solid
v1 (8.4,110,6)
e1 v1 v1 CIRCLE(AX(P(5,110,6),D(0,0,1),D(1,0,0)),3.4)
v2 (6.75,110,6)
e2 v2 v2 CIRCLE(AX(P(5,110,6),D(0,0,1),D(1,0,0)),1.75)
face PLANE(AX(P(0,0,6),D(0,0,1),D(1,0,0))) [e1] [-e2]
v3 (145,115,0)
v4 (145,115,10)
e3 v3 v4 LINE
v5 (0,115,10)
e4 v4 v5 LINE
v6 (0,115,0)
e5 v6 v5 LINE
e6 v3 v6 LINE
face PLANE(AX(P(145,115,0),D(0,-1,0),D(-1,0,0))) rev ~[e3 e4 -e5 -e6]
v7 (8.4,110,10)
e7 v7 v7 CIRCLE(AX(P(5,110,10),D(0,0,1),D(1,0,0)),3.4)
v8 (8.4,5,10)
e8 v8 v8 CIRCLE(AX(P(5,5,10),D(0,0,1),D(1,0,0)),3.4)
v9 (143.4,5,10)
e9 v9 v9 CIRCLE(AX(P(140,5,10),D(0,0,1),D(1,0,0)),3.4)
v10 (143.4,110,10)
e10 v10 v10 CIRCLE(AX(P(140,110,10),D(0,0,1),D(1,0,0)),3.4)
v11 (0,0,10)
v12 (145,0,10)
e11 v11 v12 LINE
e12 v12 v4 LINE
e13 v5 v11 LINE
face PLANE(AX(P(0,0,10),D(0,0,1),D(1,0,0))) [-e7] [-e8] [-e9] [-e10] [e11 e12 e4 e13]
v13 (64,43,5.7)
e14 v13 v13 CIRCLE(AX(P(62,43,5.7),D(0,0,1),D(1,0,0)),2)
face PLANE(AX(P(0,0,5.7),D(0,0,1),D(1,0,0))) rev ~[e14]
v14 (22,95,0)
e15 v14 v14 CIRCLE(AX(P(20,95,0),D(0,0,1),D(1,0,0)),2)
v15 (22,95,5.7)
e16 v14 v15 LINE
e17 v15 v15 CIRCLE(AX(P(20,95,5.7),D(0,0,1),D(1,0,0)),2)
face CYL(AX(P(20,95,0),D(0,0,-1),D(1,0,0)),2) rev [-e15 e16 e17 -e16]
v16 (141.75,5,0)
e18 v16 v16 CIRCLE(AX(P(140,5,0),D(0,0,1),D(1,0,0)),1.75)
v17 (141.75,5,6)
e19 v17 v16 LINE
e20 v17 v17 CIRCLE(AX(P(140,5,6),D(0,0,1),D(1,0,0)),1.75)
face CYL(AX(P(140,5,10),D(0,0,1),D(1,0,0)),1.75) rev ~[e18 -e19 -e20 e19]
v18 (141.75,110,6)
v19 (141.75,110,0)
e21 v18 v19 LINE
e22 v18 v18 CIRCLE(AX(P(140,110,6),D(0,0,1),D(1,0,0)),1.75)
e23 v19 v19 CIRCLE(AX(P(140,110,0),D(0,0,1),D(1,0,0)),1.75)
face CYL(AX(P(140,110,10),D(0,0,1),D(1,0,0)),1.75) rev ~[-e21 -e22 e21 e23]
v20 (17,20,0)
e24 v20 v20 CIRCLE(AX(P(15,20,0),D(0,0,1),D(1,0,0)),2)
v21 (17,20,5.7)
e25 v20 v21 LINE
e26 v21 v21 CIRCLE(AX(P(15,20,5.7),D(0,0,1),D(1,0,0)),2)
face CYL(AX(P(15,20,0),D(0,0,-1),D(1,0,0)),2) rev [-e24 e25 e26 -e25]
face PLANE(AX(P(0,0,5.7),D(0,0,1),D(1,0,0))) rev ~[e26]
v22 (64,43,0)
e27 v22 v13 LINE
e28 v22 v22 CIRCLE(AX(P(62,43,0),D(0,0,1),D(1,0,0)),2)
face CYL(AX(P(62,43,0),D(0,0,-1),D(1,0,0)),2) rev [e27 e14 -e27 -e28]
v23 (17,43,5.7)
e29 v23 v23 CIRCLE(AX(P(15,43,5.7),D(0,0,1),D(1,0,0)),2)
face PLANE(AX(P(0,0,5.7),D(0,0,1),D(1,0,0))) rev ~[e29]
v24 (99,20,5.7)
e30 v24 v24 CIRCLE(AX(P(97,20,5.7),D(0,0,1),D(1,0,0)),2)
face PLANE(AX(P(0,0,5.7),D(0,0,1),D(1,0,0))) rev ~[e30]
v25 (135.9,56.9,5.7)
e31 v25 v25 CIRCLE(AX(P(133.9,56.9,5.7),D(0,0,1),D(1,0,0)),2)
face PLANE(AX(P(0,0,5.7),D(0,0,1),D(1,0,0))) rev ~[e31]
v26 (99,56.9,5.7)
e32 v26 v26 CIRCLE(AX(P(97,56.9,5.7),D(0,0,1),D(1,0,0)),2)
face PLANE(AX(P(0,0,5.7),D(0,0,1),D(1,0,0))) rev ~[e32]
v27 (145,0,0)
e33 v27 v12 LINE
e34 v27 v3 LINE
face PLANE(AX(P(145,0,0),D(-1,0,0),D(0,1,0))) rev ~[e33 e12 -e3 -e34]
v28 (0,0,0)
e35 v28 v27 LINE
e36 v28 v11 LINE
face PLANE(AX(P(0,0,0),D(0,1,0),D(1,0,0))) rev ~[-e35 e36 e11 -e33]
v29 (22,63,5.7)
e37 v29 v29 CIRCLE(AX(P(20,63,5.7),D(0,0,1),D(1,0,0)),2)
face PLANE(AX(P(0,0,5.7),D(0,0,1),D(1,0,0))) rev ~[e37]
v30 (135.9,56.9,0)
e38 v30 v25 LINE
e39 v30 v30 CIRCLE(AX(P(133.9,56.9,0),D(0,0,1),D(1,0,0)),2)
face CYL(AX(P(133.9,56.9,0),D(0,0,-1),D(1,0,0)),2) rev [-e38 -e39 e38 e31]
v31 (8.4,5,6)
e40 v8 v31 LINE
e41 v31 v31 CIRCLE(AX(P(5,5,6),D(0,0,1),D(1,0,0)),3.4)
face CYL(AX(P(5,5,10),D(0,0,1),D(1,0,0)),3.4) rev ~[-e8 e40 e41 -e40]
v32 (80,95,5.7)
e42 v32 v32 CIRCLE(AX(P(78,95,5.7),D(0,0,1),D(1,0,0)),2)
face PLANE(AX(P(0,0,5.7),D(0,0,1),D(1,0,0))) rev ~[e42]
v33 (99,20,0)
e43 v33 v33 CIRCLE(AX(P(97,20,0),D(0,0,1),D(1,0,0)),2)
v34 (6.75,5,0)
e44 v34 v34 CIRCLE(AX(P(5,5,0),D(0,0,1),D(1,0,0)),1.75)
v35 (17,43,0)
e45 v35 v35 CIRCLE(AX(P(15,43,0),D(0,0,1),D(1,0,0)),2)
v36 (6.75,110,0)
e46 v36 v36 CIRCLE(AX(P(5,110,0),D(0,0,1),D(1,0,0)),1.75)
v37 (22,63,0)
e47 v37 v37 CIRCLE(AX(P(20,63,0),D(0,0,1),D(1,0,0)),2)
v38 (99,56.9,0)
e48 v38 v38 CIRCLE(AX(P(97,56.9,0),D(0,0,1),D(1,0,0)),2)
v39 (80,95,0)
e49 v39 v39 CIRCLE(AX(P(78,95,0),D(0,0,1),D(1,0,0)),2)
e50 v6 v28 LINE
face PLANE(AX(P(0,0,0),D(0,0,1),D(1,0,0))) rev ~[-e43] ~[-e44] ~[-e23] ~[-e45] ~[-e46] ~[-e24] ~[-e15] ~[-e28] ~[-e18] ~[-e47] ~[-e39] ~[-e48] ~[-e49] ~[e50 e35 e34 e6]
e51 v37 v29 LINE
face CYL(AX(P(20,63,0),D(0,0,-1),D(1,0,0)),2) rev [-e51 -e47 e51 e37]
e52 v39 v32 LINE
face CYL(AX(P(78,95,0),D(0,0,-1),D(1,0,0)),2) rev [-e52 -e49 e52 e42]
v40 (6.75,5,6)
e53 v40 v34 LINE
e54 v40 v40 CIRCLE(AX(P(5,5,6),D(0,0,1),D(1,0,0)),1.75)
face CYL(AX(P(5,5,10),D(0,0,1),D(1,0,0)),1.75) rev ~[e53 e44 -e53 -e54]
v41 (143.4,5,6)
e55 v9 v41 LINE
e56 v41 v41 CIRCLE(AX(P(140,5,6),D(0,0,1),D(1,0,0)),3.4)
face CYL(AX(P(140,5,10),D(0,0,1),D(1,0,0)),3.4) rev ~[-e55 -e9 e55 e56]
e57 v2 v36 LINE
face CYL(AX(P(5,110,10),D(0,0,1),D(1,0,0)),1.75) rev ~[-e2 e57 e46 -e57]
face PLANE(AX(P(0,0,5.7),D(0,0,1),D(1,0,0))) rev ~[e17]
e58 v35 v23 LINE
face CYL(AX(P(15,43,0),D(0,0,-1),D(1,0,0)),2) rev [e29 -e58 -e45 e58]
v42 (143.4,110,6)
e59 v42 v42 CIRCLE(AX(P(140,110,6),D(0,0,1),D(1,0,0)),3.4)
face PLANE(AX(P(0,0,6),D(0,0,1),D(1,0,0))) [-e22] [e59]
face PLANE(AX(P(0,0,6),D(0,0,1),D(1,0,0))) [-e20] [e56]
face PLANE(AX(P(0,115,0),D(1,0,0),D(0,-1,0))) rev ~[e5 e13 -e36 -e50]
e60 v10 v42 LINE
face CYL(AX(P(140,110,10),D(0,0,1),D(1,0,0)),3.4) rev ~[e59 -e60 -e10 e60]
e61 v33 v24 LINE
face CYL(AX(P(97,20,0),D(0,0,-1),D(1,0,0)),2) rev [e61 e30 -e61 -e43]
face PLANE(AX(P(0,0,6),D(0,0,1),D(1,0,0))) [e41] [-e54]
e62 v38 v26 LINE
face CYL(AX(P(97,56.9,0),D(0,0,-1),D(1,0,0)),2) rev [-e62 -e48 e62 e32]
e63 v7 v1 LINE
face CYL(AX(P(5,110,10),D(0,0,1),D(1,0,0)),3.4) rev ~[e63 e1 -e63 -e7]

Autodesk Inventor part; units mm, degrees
ref_plane "YZ Plane" through (0, 0, 0) normal (1, 0, 0) x (0, 1, 0)
ref_plane "XZ Plane" through (0, 0, 0) normal (0, 1, 0) x (-1, 0, 0)
ref_plane "XY Plane" through (0, 0, 0) normal (0, 0, 1) x (1, 0, 0)
sketch "Sketch3" plane through (0, 0, 0) normal (0, 0, 1) x (1, 0, 0)
  line L0 (0, 0) -> (145, 0)
  line L1 (145, 0) -> (145, 115)
  line L2 (145, 115) -> (0, 115)
  line L3 (0, 115) -> (0, 0)
  dimension "d24" = 145
  dimension "d25" = 115
extrude "Extrusion1" add sketch "Sketch3" along normal blind 10
sketch "Sketch1" plane through (0, 0, 0) normal (0, 0, 1) x (1, 0, 0)
  circle A0 centre (15, 43) radius 2
  circle A1 centre (62, 43) radius 2
  circle A2 centre (15, 20) radius 2
  circle A3 centre (20, 95) radius 2
  circle A4 centre (78, 95) radius 2
  circle A5 centre (20, 63) radius 2
  circle A6 centre (97, 56.9) radius 2
  circle A7 centre (133.9, 56.9) radius 2
  circle A8 centre (97, 20) radius 2
  point P0 (0, 0)
  point P1 (3.899, 77.9301)
  dimension "d0" = 4
  dimension "d1" = 4
  dimension "d2" = 4
  dimension "d3" = 23
  dimension "d4" = 47
  dimension "d6" = 4
  dimension "d7" = 4
  dimension "d8" = 4
  dimension "d9" = 32
  dimension "d10" = 58
  dimension "d11" = 5
  dimension "d12" = 20
  dimension "d13" = 4
  dimension "d14" = 4
  dimension "d15" = 4
  dimension "d16" = 36.9
  dimension "d17" = 36.9
  dimension "d18" = 35
  dimension "d28" = 20
  dimension "d29" = 15
extrude "Extrusion2" cut sketch "Sketch1" along normal blind 5.7
sketch "Sketch4" plane through (0, 0, 10) normal (0, 0, 1) x (1, 0, 0)
  circle A0 centre (5, 5) radius 3.4
  line L0 (0, 115) -> (0, 0) projected
  line L1 (0, 0) -> (145, 0) projected
  line L2 (0, 115) -> (0, 0) projected
  line L3 (0, 57.5) -> (145, 57.5)
  line L4 (145, 0) -> (145, 115) projected
  line L5 (72.5, 0) -> (72.5, 115)
  line L6 (145, 115) -> (0, 115) projected
  circle A1 centre (5, 5) radius 1.75
  circle A2 centre (5, 110) radius 3.4
  circle A3 centre (5, 110) radius 1.75
  circle A4 centre (140, 5) radius 3.4
  circle A5 centre (140, 5) radius 1.75
  circle A6 centre (140, 110) radius 3.4
  circle A7 centre (140, 110) radius 1.75
  dimension "d32" = 6.8
  dimension "d33" = 5
  dimension "d34" = 5
  dimension "d35" = 3.5
extrude "Extrusion3" cut sketch "Sketch4" against normal through all contours A1 | A3 | A5 | A7
sketch "Sketch6" plane through (0, 0, 10) normal (0, 0, 1) x (1, 0, 0)
  circle A0 centre (5, 110) radius 1.75 projected
  circle A1 centre (5, 110) radius 3.4
  circle A2 centre (5, 5) radius 1.75 projected
  circle A3 centre (5, 5) radius 3.4
  circle A4 centre (140, 110) radius 1.75 projected
  circle A5 centre (140, 110) radius 3.4
  circle A6 centre (140, 5) radius 1.75 projected
  circle A7 centre (140, 5) radius 3.4
  point P0 (0, 0)
  dimension "d39" = 6.8
  dimension "d40" = 6.8
  dimension "d41" = 6.8
  dimension "d42" = 6.8
extrude "Extrusion4" cut sketch "Sketch6" against normal blind 4
properties part number "boden"
